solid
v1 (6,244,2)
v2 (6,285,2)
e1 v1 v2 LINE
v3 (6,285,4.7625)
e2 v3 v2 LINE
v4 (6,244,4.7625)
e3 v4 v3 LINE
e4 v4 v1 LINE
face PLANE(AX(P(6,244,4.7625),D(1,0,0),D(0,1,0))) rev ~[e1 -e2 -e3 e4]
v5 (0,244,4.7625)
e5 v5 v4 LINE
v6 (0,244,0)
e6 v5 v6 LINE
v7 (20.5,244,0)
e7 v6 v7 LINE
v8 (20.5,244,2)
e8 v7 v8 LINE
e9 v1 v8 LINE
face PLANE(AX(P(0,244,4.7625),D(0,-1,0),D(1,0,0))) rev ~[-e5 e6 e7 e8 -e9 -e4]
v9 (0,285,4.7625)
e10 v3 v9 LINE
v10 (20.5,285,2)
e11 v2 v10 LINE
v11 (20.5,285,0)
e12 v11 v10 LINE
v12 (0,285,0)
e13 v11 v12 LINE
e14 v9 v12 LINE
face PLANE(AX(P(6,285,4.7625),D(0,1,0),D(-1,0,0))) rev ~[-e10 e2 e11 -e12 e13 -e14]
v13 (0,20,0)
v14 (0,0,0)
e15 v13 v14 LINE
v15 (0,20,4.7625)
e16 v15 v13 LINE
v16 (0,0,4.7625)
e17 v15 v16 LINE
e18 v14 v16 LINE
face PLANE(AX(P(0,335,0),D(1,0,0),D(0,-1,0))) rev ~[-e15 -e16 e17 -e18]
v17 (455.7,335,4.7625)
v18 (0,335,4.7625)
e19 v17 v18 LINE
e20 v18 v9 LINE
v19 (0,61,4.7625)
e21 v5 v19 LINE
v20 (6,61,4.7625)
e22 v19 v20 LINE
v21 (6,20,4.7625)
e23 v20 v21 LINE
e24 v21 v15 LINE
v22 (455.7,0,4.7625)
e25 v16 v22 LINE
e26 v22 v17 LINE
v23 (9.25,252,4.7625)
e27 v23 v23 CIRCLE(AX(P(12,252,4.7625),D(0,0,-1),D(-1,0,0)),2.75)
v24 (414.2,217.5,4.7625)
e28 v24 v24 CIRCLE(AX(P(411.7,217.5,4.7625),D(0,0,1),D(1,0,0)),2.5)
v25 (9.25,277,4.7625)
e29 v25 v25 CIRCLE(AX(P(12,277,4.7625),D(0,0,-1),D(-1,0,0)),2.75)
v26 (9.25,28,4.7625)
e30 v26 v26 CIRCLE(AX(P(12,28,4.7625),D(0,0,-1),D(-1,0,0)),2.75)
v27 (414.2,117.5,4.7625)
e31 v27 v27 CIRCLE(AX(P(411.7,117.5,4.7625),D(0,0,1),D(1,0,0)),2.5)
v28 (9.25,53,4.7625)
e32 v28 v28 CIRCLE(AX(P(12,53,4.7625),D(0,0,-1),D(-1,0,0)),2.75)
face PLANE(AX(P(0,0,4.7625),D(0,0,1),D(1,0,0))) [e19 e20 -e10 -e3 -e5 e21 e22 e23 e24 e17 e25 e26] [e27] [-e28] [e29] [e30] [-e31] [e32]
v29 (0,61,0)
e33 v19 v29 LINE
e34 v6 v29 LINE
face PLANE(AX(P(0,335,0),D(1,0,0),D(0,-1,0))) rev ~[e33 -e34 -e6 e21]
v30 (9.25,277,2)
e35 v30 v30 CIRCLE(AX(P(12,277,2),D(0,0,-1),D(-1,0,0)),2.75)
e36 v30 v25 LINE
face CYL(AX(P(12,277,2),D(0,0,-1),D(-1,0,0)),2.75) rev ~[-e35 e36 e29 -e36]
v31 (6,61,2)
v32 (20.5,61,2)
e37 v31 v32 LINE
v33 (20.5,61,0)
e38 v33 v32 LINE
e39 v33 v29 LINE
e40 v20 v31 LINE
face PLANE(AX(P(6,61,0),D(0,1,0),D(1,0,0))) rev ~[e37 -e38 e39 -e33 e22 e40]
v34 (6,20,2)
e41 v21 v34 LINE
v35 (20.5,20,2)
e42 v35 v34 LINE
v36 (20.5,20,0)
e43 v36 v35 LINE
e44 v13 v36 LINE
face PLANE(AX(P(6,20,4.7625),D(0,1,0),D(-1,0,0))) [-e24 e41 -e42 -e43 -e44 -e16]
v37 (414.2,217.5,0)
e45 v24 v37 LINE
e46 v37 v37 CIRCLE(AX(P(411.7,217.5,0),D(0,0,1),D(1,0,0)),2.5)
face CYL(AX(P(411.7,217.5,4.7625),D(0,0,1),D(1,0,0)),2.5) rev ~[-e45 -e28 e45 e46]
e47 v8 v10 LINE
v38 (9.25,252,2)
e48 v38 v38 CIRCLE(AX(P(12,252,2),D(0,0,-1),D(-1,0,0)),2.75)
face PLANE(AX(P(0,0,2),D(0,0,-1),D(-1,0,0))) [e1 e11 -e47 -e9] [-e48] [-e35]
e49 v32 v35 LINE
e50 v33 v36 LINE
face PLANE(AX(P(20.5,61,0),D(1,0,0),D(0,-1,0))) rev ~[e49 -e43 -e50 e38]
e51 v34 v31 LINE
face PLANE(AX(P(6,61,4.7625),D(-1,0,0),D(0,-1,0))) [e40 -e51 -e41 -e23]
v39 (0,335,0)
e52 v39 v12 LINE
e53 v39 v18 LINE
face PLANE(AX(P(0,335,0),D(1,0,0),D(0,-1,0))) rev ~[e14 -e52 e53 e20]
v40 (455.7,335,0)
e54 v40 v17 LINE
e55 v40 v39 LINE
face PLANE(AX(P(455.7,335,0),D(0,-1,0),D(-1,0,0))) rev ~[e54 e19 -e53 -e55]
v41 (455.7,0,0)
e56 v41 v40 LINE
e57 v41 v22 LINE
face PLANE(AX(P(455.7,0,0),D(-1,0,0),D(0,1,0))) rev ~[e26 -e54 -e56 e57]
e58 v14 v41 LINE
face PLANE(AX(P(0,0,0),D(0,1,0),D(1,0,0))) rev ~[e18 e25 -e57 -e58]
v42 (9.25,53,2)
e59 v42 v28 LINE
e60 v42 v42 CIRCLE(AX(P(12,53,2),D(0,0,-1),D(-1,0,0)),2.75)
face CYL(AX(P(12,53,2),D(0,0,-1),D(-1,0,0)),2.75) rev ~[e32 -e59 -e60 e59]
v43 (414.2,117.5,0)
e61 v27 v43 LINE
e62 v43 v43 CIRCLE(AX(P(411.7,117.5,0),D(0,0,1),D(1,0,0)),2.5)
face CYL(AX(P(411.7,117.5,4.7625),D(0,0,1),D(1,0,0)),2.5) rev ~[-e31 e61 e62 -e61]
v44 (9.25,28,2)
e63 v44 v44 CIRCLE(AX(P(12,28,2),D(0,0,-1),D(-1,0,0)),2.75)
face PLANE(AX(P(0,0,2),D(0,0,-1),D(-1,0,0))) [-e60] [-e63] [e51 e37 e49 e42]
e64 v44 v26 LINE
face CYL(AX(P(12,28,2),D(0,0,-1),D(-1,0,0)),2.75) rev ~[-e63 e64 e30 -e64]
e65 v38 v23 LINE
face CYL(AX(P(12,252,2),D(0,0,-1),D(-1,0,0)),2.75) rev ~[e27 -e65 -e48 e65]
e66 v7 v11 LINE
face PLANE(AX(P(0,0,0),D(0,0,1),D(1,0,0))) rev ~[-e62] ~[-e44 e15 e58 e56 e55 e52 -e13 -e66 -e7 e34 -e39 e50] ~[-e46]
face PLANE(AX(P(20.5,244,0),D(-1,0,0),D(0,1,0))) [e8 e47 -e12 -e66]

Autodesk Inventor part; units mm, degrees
ref_plane "YZ Plane" through (0, 0, 0) normal (1, 0, 0) x (0, 1, 0)
ref_plane "XZ Plane" through (0, 0, 0) normal (0, 1, 0) x (-1, 0, 0)
ref_plane "XY Plane" through (0, 0, 0) normal (0, 0, 1) x (1, 0, 0)
sketch "Sketch1" plane through (0, 0, 0) normal (0, 0, 1) x (1, 0, 0)
  line L0 (0, 0) -> (455.7, 0)
  line L1 (455.7, 0) -> (455.7, 335)
  line L2 (455.7, 335) -> (0, 335)
  line L3 (0, 335) -> (0, 0)
  dimension "d0" = 455.7
  dimension "d1" = 335
extrude "Extrusion1" add sketch "Sketch1" along normal blind 4.7625
sketch "Sketch3" plane through (0, 0, 4.7625) normal (0, 0, 1) x (1, 0, 0)
  line L0 (0, 0) -> (455.7, 0) projected
  line L1 (0, 335) -> (0, 0) projected
  line L2 (0, 61) -> (6, 61)
  line L3 (6, 61) -> (6, 20)
  line L4 (455.7, 335) -> (0, 335) projected
  line L5 (0, 244) -> (6, 244)
  line L6 (6, 244) -> (6, 285)
  line L7 (6, 285) -> (0, 285)
  line L8 (6, 20) -> (0, 20)
  dimension "d11" = 41
  dimension "d12" = 6
  dimension "d15" = 41
  dimension "d16" = 6
  dimension "d27" = 50
  dimension "d28" = 20
extrude "Extrusion3" cut sketch "Sketch3" against normal up to next
sketch "Sketch4" plane through (0, 0, 0) normal (0, 0, -1) x (-1, 0, 0)
  line L0 (-6, 244) -> (-6, 285) projected
  line L1 (-455.7, 335) -> (0, 335) projected
  line L2 (0, 0) -> (-455.7, 0) projected
  line L3 (-6, 20) -> (-6, 61) projected
  line L4 (-6, 244) -> (-20.5, 244)
  line L5 (-20.5, 244) -> (-20.5, 285)
  line L6 (-6, 61) -> (-20.5, 61)
  line L7 (-20.5, 61) -> (-20.5, 20)
  line L8 (-6, 285) -> (-20.5, 285)
  line L9 (-20.5, 20) -> (-6, 20)
  point P0 (-6, 335)
  point P1 (-6, 0)
  dimension "d17" = 14.5
  dimension "d18" = 14.5
extrude "Extrusion4" cut sketch "Sketch4" against normal blind 2
sketch "Sketch5" plane through (0, 0, 4.7625) normal (0, 0, 1) x (1, 0, 0)
  line L0 (455.7, 0) -> (455.7, 335) projected
  line L1 (455.7, 335) -> (0, 335) projected
  circle A0 centre (411.7, 217.5) radius 2.5
  circle A1 centre (411.7, 117.5) radius 2.5
  point P0 (6, 335)
  dimension "d21" = 5
  dimension "d22" = 100
  dimension "d23" = 117.5
  dimension "d24" = 44
extrude "Extrusion5" cut sketch "Sketch5" against normal up to next
sketch "Sketch6" plane through (0, 0, 2) normal (0, 0, -1) x (-1, 0, 0)
  line L0 (-20.5, 285) -> (-6, 285) projected
  line L1 (-6, 244) -> (-20.5, 244) projected
  line L2 (-6, 61) -> (-6, 20) projected
  line L3 (-20.5, 61) -> (-6, 61) projected
  line L4 (-20.5, 20) -> (-20.5, 61) projected
  line L5 (-6, 20) -> (-20.5, 20) projected
  circle A0 centre (-12, 277) radius 2.75
  circle A1 centre (-12, 252) radius 2.75
  circle A2 centre (-12, 53) radius 2.75
  circle A3 centre (-12, 28) radius 2.75
  point P0 (0, 0)
  dimension "d29" = 5.5
  dimension "d30" = 5.5
  dimension "d31" = 5.5
  dimension "d32" = 5.5
  dimension "d34" = 8
  dimension "d35" = 8
  dimension "d36" = 8.5
  dimension "d37" = 8
  dimension "d38" = 8
extrude "Extrusion6" cut sketch "Sketch6" against normal up to next contours A0 | A1 | A2 | A3
properties part number "EnclosureDoorFront" material "Polycarbonate, Clear"
